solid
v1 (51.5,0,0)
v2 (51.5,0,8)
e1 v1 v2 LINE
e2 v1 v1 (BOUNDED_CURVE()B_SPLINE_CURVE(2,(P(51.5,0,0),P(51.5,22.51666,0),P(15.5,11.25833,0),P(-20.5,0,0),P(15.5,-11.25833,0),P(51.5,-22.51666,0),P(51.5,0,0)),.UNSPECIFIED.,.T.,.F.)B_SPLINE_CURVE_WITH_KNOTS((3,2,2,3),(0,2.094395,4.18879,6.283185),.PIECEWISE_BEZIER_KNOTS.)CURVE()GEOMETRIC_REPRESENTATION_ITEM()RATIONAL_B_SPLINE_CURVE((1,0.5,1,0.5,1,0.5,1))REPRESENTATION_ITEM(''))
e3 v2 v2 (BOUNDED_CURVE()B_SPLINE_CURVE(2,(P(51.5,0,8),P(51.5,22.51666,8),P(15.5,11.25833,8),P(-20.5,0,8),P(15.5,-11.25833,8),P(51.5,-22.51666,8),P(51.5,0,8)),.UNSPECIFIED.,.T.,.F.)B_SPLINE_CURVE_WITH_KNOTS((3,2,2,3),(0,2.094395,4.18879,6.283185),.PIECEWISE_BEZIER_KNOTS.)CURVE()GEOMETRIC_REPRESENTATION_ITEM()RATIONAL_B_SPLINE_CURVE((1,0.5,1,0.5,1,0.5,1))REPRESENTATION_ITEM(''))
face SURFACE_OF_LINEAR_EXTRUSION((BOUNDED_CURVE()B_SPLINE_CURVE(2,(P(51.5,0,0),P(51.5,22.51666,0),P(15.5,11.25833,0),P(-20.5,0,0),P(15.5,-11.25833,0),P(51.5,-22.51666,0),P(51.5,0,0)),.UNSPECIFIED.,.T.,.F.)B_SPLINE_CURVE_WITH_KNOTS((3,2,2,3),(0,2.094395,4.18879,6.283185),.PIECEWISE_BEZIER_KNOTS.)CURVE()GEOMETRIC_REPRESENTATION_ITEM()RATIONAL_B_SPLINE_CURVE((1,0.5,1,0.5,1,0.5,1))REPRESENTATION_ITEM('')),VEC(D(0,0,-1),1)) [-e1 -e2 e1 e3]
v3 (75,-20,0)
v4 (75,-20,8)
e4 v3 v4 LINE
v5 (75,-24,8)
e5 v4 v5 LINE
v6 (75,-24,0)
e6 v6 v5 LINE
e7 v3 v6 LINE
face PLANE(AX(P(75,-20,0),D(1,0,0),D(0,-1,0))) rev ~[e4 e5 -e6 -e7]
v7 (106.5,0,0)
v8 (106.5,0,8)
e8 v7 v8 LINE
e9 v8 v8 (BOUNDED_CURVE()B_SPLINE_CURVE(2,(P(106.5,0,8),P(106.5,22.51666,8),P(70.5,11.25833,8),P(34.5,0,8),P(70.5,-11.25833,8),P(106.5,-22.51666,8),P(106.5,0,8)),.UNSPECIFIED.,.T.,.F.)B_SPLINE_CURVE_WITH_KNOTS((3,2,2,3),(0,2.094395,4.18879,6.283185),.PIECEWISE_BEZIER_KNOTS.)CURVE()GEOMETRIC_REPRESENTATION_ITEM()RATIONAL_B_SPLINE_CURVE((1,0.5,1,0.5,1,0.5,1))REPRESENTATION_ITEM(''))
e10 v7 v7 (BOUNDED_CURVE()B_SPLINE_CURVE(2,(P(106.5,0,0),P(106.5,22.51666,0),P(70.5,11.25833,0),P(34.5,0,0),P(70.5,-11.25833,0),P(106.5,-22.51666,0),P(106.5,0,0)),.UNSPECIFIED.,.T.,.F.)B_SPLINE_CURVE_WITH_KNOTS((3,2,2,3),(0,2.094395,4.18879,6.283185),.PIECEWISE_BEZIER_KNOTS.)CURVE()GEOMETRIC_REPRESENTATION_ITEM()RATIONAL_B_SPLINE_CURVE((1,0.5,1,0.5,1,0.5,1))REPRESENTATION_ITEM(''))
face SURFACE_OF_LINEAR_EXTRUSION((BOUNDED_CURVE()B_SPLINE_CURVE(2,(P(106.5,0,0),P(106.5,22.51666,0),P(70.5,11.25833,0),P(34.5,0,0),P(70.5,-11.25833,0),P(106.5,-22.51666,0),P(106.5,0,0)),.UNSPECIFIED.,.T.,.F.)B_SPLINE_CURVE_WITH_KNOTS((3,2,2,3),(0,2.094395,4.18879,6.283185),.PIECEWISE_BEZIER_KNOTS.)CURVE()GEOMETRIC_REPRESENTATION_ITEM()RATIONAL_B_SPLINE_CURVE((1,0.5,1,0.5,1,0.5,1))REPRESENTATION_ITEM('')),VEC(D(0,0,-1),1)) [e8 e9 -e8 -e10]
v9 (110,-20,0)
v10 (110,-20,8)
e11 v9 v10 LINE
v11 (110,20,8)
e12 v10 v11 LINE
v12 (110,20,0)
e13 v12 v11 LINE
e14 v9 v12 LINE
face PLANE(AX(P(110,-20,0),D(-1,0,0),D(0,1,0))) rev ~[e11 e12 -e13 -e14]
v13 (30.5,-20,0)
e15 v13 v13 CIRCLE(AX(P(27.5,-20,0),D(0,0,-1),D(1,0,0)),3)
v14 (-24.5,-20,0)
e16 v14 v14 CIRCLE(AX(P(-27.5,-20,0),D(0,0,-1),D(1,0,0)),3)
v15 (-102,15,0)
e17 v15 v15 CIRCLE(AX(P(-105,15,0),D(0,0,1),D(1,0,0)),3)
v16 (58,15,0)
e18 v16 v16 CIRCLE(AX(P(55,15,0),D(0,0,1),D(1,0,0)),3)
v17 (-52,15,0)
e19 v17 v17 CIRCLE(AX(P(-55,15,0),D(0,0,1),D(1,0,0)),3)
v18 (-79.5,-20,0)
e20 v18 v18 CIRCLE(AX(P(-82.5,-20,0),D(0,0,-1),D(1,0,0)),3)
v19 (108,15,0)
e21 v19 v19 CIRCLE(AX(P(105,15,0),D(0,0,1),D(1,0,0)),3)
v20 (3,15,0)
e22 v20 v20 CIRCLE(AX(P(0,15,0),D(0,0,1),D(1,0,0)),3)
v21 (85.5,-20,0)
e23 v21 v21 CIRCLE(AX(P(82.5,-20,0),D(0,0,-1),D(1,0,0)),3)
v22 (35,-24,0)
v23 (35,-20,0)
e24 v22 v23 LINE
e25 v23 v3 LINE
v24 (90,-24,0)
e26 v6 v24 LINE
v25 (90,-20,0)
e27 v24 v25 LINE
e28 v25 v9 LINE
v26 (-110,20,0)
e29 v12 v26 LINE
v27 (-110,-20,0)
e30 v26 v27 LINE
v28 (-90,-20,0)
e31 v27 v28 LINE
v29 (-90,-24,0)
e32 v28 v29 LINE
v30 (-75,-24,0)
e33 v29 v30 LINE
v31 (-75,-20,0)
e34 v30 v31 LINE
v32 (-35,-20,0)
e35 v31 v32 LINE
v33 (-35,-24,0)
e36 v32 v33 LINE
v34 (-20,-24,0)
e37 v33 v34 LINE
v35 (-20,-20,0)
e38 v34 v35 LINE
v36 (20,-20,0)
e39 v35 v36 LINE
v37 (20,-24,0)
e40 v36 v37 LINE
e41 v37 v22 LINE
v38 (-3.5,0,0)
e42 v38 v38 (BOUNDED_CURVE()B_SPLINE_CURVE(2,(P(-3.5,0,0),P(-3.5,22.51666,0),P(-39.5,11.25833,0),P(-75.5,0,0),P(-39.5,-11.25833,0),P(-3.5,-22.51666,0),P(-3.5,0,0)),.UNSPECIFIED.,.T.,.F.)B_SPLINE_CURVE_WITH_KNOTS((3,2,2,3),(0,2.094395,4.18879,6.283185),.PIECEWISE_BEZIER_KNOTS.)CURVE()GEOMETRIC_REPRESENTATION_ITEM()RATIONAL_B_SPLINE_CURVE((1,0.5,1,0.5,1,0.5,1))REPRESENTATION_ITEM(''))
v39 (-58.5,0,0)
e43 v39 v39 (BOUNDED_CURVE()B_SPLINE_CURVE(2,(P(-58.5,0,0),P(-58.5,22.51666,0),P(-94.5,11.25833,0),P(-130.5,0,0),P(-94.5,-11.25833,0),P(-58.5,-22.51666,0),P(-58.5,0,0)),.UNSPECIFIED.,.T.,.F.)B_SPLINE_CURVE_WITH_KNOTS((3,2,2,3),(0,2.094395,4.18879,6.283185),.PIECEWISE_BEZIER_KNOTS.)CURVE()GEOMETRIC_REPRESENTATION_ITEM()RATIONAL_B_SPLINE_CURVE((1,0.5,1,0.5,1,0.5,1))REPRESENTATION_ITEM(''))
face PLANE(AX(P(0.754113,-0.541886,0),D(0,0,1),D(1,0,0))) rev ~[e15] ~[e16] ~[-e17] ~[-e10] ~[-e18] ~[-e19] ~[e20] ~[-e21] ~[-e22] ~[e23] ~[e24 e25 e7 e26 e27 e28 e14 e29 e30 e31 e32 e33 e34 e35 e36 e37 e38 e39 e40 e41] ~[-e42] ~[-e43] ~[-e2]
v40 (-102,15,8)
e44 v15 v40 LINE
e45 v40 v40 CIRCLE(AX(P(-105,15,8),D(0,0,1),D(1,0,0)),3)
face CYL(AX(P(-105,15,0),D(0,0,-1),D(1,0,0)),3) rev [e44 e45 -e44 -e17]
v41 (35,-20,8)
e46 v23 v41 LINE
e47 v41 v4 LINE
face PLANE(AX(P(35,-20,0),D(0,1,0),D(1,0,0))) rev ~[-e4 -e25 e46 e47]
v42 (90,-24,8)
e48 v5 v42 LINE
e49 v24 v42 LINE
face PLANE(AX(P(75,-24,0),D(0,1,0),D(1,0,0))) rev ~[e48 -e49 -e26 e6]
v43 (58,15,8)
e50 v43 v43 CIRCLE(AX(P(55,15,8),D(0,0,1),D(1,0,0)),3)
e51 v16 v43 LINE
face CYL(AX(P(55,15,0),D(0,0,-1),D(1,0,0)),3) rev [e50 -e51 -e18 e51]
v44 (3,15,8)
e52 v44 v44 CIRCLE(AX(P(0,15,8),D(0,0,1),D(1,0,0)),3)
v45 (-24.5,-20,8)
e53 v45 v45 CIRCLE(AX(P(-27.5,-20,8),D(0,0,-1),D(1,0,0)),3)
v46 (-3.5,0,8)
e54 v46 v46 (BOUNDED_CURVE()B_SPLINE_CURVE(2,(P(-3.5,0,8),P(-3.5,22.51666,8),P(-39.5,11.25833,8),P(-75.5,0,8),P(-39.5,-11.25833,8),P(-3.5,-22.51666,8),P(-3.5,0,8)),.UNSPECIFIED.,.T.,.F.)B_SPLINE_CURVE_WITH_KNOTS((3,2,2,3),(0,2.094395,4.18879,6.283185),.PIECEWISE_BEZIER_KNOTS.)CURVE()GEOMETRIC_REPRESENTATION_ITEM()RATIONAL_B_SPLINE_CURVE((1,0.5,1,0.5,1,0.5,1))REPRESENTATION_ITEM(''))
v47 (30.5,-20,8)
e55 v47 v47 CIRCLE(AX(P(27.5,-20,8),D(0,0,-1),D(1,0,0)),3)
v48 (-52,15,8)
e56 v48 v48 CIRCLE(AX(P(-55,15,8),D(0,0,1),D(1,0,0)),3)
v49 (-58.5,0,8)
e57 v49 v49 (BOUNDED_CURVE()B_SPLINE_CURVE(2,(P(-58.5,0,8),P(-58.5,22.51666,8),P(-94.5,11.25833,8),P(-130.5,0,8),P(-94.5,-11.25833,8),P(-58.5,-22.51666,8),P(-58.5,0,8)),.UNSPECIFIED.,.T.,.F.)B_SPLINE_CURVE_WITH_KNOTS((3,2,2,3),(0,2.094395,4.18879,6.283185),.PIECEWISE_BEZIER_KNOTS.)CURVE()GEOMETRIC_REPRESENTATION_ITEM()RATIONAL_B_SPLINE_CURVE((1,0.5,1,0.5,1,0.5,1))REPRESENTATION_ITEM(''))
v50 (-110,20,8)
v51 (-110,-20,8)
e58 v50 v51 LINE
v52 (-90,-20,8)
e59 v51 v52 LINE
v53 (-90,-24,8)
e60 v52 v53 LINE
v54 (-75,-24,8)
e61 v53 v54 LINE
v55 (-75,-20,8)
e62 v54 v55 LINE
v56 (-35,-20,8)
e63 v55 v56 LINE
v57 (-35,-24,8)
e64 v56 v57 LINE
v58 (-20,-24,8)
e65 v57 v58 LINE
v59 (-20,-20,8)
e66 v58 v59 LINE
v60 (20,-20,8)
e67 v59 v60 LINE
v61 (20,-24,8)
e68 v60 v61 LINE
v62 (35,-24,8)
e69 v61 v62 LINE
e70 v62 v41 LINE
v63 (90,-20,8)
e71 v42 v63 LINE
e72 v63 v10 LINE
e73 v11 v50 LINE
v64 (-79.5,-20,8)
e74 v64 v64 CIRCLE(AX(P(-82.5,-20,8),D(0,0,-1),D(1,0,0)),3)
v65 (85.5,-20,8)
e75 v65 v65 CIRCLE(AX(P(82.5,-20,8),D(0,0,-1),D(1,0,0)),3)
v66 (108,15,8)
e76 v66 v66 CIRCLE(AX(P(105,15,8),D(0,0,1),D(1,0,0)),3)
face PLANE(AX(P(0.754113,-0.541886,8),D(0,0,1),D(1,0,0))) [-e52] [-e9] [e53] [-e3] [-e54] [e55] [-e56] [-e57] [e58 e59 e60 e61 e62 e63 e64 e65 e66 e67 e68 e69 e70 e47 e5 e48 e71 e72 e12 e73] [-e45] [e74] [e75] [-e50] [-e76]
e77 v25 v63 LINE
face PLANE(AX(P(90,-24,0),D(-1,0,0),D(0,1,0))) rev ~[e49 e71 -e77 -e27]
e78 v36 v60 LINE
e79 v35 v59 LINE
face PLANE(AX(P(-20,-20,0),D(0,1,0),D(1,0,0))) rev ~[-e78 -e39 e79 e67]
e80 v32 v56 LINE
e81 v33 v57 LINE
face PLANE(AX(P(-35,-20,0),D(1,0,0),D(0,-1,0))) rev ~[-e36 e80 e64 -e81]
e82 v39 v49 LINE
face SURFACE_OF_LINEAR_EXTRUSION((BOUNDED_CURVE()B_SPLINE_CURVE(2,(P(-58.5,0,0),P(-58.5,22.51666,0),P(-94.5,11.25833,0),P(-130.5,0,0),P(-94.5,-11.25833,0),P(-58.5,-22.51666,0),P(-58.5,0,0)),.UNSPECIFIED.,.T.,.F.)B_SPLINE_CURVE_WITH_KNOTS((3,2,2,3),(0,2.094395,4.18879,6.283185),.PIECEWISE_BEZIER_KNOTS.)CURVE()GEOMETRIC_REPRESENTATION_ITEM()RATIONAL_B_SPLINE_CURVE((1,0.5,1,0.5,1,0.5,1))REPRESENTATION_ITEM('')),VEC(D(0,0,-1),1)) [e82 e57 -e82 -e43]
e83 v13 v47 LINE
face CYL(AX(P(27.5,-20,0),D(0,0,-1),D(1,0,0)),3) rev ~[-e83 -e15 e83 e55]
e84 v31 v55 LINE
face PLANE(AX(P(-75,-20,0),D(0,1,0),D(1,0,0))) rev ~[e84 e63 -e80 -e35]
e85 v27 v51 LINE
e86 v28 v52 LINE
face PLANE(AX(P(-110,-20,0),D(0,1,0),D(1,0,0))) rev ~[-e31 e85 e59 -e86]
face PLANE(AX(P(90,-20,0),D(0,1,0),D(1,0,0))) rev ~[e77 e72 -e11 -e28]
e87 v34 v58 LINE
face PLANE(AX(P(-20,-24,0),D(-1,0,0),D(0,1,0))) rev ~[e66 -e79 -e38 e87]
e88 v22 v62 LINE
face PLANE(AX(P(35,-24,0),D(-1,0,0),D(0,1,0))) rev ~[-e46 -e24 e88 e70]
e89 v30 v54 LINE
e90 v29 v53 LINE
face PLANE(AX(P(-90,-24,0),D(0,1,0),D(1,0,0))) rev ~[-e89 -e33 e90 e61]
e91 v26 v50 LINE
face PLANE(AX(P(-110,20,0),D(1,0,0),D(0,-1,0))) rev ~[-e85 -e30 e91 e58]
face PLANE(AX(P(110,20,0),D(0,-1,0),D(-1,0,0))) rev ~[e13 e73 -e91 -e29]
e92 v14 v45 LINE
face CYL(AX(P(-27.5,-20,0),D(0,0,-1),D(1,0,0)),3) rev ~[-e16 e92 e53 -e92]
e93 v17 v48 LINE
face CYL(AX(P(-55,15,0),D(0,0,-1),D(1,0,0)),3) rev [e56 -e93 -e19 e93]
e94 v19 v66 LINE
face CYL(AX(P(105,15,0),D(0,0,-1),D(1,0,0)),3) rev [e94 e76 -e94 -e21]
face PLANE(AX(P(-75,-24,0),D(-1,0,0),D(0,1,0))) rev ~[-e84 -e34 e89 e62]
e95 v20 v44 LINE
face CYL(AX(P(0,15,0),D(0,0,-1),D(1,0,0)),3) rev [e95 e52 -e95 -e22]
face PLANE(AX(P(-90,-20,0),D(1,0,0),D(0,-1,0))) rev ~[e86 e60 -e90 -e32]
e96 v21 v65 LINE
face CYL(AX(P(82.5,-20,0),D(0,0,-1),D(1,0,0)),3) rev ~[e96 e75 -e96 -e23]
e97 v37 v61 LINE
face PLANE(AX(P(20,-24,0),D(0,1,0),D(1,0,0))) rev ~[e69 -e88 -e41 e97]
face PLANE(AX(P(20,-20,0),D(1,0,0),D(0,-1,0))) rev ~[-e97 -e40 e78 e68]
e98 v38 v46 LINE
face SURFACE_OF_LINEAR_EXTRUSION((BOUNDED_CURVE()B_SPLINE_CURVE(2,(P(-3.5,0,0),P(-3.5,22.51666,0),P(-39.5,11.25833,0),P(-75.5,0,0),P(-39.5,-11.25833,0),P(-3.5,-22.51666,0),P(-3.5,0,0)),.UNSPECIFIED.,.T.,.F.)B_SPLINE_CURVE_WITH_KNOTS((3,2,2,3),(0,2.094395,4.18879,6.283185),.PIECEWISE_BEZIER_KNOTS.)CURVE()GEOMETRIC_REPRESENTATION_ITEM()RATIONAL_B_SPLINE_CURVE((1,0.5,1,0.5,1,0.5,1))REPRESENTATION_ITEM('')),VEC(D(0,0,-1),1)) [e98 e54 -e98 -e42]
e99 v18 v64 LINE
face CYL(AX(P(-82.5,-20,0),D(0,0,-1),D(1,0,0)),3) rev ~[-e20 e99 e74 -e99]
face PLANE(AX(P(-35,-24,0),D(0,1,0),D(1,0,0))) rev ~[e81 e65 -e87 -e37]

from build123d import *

# Parameters (mm, degrees)
F0_R     = 3
F1_DEPTH = 8


with BuildPart() as f1:
    # F0 (on Top) → F1 (new body)
    with BuildSketch(Plane.XY):
        with BuildLine():
            Line((-79.5, -20), (-75, -20))
            Line((-75, -20), (-35, -20))
            Line((-35, -20), (-35, -16))
            Line((-35, -16), (-20, -16))
            Line((-20, -16), (-20, -20))
            Line((-20, -20), (20, -20))
            Line((20, -20), (20, -16))
            Line((20, -16), (35, -16))
            Line((35, -16), (35, -20))
            Line((35, -20), (75, -20))
            Line((75, -20), (75, -16))
            Line((75, -16), (90, -16))
            Line((90, -16), (90, -20))
            Line((90, -20), (110, -20))
            Line((110, -20), (110, 20))
            Line((110, 20), (-110, 20))
            Line((-110, 20), (-110, -20))
            Line((-110, -20), (-90, -20))
            Line((-90, -20), (-85.5, -20))
            ThreePointArc((-85.5, -20), (-82.5, -17), (-79.5, -20))
        make_face()
        with BuildLine():
            add(Edge.make_bspline(
                [(-58.5, 0), (-58.5, 22.51666), (-94.5, 11.25833), (-130.5, 0), (-94.5, -11.25833), (-58.5, -22.51666), (-58.5, 0)],
                knots=[0, 0, 0, 2.094395, 2.094395, 4.18879, 4.18879, 6.283185, 6.283185, 6.283185], degree=2, weights=[1, 0.5, 1, 0.5, 1, 0.5, 1]))
        make_face(mode=Mode.SUBTRACT)
        with BuildLine():
            add(Edge.make_bspline(
                [(-3.5, 0), (-3.5, 22.51666), (-39.5, 11.25833), (-75.5, 0), (-39.5, -11.25833), (-3.5, -22.51666), (-3.5, 0)],
                knots=[0, 0, 0, 2.094395, 2.094395, 4.18879, 4.18879, 6.283185, 6.283185, 6.283185], degree=2, weights=[1, 0.5, 1, 0.5, 1, 0.5, 1]))
        make_face(mode=Mode.SUBTRACT)
        with Locations((-105, 15)):
            Circle(F0_R, mode=Mode.SUBTRACT)
        with Locations((-55, 15)):
            Circle(F0_R, mode=Mode.SUBTRACT)
        with BuildLine():
            add(Edge.make_bspline(
                [(51.5, 0), (51.5, 22.51666), (15.5, 11.25833), (-20.5, 0), (15.5, -11.25833), (51.5, -22.51666), (51.5, 0)],
                knots=[0, 0, 0, 2.094395, 2.094395, 4.18879, 4.18879, 6.283185, 6.283185, 6.283185], degree=2, weights=[1, 0.5, 1, 0.5, 1, 0.5, 1]))
        make_face(mode=Mode.SUBTRACT)
        with BuildLine():
            add(Edge.make_bspline(
                [(106.5, 0), (106.5, 22.51666), (70.5, 11.25833), (34.5, 0), (70.5, -11.25833), (106.5, -22.51666), (106.5, 0)],
                knots=[0, 0, 0, 2.094395, 2.094395, 4.18879, 4.18879, 6.283185, 6.283185, 6.283185], degree=2, weights=[1, 0.5, 1, 0.5, 1, 0.5, 1]))
        make_face(mode=Mode.SUBTRACT)
        with Locations((0, 15)):
            Circle(F0_R, mode=Mode.SUBTRACT)
        with Locations((55, 15)):
            Circle(F0_R, mode=Mode.SUBTRACT)
        with Locations((105, 15)):
            Circle(F0_R, mode=Mode.SUBTRACT)
        with BuildLine():
            Line((-30.5, -20), (-35, -20))
            Line((-35, -20), (-35, -24))
            Line((-35, -24), (-20, -24))
            Line((-20, -24), (-20, -20))
            Line((-20, -20), (-24.5, -20))
            ThreePointArc((-24.5, -20), (-27.5, -23), (-30.5, -20))
        make_face()
        with BuildLine():
            Line((-75, -24), (-75, -20))
            Line((-75, -20), (-79.5, -20))
            ThreePointArc((-79.5, -20), (-82.5, -23), (-85.5, -20))
            Line((-85.5, -20), (-90, -20))
            Line((-90, -20), (-90, -24))
            Line((-90, -24), (-75, -24))
        make_face()
        with BuildLine():
            Line((24.5, -20), (20, -20))
            Line((20, -20), (20, -24))
            Line((20, -24), (35, -24))
            Line((35, -24), (35, -20))
            Line((35, -20), (30.5, -20))
            ThreePointArc((30.5, -20), (27.5, -23), (24.5, -20))
        make_face()
        with BuildLine():
            Line((90, -24), (90, -20))
            Line((90, -20), (85.5, -20))
            ThreePointArc((85.5, -20), (82.5, -23), (79.5, -20))
            Line((79.5, -20), (75, -20))
            Line((75, -20), (75, -24))
            Line((75, -24), (90, -24))
        make_face()
        with BuildLine():
            Line((20, -16), (20, -20))
            Line((20, -20), (24.5, -20))
            ThreePointArc((24.5, -20), (27.5, -17), (30.5, -20))
            Line((30.5, -20), (35, -20))
            Line((35, -20), (35, -16))
            Line((35, -16), (20, -16))
        make_face()
        with BuildLine():
            Line((-35, -16), (-35, -20))
            Line((-35, -20), (-30.5, -20))
            ThreePointArc((-30.5, -20), (-27.5, -17), (-24.5, -20))
            Line((-24.5, -20), (-20, -20))
            Line((-20, -20), (-20, -16))
            Line((-20, -16), (-35, -16))
        make_face()
        with BuildLine():
            Line((85.5, -20), (90, -20))
            Line((90, -20), (90, -16))
            Line((90, -16), (75, -16))
            Line((75, -16), (75, -20))
            Line((75, -20), (79.5, -20))
            ThreePointArc((79.5, -20), (82.5, -17), (85.5, -20))
        make_face()
    extrude(amount=F1_DEPTH)


solid = f1.part
